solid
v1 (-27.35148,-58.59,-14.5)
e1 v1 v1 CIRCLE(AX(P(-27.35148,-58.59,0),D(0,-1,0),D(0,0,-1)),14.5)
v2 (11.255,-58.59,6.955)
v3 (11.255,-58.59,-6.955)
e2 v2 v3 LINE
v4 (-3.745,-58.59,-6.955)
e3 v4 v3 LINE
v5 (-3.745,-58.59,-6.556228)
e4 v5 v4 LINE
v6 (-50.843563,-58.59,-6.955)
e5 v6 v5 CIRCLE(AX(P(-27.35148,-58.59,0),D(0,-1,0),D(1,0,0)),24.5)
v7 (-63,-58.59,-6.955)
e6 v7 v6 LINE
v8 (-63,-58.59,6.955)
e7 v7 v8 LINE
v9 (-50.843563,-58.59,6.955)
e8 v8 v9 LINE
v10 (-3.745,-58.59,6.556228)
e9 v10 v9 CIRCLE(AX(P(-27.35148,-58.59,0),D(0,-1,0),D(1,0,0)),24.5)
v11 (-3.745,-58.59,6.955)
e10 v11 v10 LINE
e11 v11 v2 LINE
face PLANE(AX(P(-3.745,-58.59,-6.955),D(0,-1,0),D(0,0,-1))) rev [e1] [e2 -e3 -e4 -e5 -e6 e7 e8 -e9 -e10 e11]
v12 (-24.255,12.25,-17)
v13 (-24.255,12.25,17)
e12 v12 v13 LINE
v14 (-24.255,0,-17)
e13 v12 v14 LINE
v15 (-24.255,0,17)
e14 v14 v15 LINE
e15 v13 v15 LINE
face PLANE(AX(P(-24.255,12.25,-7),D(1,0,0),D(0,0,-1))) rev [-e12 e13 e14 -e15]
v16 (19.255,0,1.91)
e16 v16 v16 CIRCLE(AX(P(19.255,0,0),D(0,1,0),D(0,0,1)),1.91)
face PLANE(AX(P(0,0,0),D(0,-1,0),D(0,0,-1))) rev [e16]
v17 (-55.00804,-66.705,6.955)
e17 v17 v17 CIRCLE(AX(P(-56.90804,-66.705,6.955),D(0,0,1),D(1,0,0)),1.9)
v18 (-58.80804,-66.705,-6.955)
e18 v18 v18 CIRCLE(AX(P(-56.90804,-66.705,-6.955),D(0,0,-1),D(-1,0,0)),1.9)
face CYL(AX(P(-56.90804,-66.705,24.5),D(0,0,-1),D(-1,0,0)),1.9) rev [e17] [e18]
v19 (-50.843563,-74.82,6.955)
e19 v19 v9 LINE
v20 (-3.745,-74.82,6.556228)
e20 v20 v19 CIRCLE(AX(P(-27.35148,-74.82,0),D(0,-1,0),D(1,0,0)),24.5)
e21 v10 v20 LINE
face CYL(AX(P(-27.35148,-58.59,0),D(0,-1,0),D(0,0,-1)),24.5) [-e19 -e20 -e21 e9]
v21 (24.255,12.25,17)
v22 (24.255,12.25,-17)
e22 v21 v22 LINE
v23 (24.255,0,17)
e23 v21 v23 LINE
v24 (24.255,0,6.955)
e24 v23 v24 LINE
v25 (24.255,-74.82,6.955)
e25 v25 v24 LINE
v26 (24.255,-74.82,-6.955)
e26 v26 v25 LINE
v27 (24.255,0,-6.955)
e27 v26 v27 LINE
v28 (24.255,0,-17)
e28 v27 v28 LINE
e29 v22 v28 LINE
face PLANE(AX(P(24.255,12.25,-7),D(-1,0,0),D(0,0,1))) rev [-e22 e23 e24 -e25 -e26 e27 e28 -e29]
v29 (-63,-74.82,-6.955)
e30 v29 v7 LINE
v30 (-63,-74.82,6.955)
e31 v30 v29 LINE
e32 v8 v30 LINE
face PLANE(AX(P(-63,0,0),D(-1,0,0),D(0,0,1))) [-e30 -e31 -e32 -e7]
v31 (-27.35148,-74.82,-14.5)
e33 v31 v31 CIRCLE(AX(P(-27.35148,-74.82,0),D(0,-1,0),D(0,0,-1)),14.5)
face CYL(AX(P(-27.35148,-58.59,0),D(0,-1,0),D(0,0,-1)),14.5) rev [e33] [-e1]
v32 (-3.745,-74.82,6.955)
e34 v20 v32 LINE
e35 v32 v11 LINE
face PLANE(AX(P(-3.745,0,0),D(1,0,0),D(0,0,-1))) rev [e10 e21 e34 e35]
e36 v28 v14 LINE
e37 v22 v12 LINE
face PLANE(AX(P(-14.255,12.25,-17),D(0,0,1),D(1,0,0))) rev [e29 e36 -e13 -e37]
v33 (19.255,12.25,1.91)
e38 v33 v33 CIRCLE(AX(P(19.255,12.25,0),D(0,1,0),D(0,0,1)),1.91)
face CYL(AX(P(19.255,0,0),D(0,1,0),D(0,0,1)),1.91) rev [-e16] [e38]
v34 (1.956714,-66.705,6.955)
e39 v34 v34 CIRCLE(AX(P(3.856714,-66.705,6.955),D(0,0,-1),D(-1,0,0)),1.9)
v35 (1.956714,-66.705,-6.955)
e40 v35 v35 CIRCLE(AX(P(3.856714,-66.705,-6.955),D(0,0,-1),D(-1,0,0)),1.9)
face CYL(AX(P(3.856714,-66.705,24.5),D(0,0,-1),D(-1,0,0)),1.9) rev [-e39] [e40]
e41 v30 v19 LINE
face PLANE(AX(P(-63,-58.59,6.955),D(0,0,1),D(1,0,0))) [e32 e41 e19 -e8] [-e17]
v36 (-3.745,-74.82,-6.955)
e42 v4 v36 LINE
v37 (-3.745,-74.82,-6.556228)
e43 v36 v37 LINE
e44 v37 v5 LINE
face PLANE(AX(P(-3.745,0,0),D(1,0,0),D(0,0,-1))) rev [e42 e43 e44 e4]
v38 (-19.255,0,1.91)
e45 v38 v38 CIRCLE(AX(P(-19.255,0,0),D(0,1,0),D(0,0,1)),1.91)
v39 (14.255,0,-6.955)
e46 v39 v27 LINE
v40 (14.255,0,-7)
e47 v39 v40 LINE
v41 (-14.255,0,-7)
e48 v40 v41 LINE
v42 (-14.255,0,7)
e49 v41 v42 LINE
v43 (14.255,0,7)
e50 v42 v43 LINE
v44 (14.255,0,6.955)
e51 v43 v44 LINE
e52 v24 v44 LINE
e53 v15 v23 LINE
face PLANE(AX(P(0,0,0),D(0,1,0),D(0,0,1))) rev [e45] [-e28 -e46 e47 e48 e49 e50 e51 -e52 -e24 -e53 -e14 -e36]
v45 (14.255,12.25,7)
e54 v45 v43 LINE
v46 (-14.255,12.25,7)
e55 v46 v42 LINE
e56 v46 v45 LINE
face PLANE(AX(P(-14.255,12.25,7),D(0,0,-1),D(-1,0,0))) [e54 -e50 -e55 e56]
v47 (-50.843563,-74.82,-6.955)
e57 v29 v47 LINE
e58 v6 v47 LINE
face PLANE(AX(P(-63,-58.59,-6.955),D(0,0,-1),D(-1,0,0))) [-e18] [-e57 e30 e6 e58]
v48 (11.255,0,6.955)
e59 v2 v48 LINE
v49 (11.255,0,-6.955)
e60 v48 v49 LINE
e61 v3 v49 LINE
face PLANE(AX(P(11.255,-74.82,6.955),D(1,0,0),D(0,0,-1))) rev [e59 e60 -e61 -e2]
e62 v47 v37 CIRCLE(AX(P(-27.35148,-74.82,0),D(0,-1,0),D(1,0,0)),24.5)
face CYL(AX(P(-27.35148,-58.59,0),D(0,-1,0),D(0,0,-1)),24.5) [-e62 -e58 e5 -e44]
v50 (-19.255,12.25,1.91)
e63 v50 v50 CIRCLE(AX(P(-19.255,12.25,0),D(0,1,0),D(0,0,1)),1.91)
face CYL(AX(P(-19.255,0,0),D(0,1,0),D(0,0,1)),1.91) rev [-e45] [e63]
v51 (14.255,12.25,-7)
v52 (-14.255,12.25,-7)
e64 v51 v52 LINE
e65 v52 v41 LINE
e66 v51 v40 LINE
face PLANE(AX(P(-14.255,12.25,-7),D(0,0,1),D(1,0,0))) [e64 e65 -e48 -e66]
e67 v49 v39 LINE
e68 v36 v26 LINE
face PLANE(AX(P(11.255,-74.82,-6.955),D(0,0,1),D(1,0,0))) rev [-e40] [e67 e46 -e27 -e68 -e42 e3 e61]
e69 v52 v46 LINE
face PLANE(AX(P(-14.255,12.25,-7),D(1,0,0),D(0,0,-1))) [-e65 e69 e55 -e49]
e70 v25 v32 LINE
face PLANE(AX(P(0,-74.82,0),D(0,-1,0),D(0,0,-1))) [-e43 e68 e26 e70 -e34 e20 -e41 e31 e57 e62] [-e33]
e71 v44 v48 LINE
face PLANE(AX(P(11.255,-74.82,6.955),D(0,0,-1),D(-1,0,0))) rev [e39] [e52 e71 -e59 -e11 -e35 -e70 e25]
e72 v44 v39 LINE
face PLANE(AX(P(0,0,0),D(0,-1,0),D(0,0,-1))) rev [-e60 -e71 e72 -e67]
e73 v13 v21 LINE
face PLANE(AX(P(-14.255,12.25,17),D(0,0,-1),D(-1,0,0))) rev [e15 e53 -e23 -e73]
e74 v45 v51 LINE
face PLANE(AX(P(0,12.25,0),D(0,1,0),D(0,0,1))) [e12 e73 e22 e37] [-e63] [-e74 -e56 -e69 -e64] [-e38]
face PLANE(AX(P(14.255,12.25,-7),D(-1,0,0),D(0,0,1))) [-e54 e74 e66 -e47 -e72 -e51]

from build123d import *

# Parameters (mm, degrees)
SKETCH_1_W           = 48.51
SKETCH_1_H           = 34
SKETCH_1_W_2         = 28.51
SKETCH_1_H_2         = 14
EXTRUDE_1_DEPTH      = 12.25
SKETCH_2_R           = 1.91
CUT_EXTRUDE_1_DEPTH  = 33.05257439
SKETCH_4_W           = 13
SKETCH_4_H           = 13.91
EXTRUDE_1_2_DEPTH    = 74.82
SKETCH_5_W           = 13.91
SKETCH_5_H           = 16.23
EXTRUDE_2_DEPTH      = 15
SKETCH_7_R           = 24.5
SKETCH_7_R_2         = 14.5
EXTRUDE_2_2_DEPTH    = 16.23
SKETCH_12_R          = 1.9
CUT_EXTRUDE_4_DEPTH  = 97.312124675
EXTRUDE_3_DEPTH      = 10
EXTRUDE_3_DEPTH_BACK = 8
SKETCH_13_W          = 13.91
SKETCH_13_H          = 16.23
SKETCH_14_R          = 1.9
CUT_EXTRUDE_5_DEPTH  = 103.744583434


with BuildPart() as part:
    # 草圖1 → Extrude 1 (new body)
    with BuildSketch(Plane(origin=(0, 0, 0), x_dir=(1, 0, 0), z_dir=(0, 1, 0))):
        Rectangle(SKETCH_1_W, SKETCH_1_H)
        Rectangle(SKETCH_1_W_2, SKETCH_1_H_2, mode=Mode.SUBTRACT)
    extrude(amount=EXTRUDE_1_DEPTH)

    # 草圖2 → 除料-伸長1 (cut, through all)
    with BuildSketch(Plane(origin=(0, 12.25, 0), x_dir=(1, 0, 0), z_dir=(0, 1, 0))):
        with Locations(Location((-19.255, 0, 0), (0, 0, 270))):
            Circle(SKETCH_2_R)
        with Locations(Location((19.255, 0, 0), (0, 0, 270))):
            Circle(SKETCH_2_R)
    extrude(amount=-CUT_EXTRUDE_1_DEPTH, mode=Mode.SUBTRACT)

    # 草圖4 → Extrude 1 2 (add)
    with BuildSketch(Plane.XZ):
        with Locations((17.755, 0)):
            Rectangle(SKETCH_4_W, SKETCH_4_H)
    extrude(amount=EXTRUDE_1_2_DEPTH)

    # 草圖5 → Extrude 2 (add)
    with BuildSketch(Plane.ZY.offset(-11.255)):
        with Locations((0, -66.705)):
            Rectangle(SKETCH_5_W, SKETCH_5_H)
    extrude(amount=EXTRUDE_2_DEPTH)

    # 草圖7 → Extrude 2 2 (add)
    with BuildSketch(Plane(origin=(3.626674765, -74.82, 0), x_dir=(1, 0, 0), z_dir=(0, -1, 0))):
        with Locations((-30.978154344, 0)):
            Circle(SKETCH_7_R)
        with Locations((-30.978154344, 0)):
            Circle(SKETCH_7_R_2, mode=Mode.SUBTRACT)
    extrude(amount=-EXTRUDE_2_2_DEPTH)

    # 草圖12 → 除料-伸長4 (cut, through all)
    with BuildSketch(Plane(origin=(0, 0, -6.955), x_dir=(-1, 0, 0), z_dir=(0, 0, -1))):
        with Locations((-3.856713649, -66.705)):
            Circle(SKETCH_12_R)
    extrude(amount=-CUT_EXTRUDE_4_DEPTH, mode=Mode.SUBTRACT)

    # 草圖13 → 填料-伸長3 (add, two sides: drawn at the far end of the back side and taken through both)
    with BuildSketch(Plane(origin=(-55, 0, 0), x_dir=(0, 0, -1), z_dir=(1, 0, 0)).offset(-EXTRUDE_3_DEPTH_BACK)):
        with Locations((0, -66.705)):
            Rectangle(SKETCH_13_W, SKETCH_13_H)
    extrude(amount=EXTRUDE_3_DEPTH + EXTRUDE_3_DEPTH_BACK)

    # 草圖14 → 除料-伸長5 (cut, through all)
    with BuildSketch(Plane(origin=(0, 0, -6.955), x_dir=(-1, 0, 0), z_dir=(0, 0, -1))):
        with Locations((56.908040017, -66.705)):
            Circle(SKETCH_14_R)
    extrude(amount=-CUT_EXTRUDE_5_DEPTH, mode=Mode.SUBTRACT)


solid = part.part
